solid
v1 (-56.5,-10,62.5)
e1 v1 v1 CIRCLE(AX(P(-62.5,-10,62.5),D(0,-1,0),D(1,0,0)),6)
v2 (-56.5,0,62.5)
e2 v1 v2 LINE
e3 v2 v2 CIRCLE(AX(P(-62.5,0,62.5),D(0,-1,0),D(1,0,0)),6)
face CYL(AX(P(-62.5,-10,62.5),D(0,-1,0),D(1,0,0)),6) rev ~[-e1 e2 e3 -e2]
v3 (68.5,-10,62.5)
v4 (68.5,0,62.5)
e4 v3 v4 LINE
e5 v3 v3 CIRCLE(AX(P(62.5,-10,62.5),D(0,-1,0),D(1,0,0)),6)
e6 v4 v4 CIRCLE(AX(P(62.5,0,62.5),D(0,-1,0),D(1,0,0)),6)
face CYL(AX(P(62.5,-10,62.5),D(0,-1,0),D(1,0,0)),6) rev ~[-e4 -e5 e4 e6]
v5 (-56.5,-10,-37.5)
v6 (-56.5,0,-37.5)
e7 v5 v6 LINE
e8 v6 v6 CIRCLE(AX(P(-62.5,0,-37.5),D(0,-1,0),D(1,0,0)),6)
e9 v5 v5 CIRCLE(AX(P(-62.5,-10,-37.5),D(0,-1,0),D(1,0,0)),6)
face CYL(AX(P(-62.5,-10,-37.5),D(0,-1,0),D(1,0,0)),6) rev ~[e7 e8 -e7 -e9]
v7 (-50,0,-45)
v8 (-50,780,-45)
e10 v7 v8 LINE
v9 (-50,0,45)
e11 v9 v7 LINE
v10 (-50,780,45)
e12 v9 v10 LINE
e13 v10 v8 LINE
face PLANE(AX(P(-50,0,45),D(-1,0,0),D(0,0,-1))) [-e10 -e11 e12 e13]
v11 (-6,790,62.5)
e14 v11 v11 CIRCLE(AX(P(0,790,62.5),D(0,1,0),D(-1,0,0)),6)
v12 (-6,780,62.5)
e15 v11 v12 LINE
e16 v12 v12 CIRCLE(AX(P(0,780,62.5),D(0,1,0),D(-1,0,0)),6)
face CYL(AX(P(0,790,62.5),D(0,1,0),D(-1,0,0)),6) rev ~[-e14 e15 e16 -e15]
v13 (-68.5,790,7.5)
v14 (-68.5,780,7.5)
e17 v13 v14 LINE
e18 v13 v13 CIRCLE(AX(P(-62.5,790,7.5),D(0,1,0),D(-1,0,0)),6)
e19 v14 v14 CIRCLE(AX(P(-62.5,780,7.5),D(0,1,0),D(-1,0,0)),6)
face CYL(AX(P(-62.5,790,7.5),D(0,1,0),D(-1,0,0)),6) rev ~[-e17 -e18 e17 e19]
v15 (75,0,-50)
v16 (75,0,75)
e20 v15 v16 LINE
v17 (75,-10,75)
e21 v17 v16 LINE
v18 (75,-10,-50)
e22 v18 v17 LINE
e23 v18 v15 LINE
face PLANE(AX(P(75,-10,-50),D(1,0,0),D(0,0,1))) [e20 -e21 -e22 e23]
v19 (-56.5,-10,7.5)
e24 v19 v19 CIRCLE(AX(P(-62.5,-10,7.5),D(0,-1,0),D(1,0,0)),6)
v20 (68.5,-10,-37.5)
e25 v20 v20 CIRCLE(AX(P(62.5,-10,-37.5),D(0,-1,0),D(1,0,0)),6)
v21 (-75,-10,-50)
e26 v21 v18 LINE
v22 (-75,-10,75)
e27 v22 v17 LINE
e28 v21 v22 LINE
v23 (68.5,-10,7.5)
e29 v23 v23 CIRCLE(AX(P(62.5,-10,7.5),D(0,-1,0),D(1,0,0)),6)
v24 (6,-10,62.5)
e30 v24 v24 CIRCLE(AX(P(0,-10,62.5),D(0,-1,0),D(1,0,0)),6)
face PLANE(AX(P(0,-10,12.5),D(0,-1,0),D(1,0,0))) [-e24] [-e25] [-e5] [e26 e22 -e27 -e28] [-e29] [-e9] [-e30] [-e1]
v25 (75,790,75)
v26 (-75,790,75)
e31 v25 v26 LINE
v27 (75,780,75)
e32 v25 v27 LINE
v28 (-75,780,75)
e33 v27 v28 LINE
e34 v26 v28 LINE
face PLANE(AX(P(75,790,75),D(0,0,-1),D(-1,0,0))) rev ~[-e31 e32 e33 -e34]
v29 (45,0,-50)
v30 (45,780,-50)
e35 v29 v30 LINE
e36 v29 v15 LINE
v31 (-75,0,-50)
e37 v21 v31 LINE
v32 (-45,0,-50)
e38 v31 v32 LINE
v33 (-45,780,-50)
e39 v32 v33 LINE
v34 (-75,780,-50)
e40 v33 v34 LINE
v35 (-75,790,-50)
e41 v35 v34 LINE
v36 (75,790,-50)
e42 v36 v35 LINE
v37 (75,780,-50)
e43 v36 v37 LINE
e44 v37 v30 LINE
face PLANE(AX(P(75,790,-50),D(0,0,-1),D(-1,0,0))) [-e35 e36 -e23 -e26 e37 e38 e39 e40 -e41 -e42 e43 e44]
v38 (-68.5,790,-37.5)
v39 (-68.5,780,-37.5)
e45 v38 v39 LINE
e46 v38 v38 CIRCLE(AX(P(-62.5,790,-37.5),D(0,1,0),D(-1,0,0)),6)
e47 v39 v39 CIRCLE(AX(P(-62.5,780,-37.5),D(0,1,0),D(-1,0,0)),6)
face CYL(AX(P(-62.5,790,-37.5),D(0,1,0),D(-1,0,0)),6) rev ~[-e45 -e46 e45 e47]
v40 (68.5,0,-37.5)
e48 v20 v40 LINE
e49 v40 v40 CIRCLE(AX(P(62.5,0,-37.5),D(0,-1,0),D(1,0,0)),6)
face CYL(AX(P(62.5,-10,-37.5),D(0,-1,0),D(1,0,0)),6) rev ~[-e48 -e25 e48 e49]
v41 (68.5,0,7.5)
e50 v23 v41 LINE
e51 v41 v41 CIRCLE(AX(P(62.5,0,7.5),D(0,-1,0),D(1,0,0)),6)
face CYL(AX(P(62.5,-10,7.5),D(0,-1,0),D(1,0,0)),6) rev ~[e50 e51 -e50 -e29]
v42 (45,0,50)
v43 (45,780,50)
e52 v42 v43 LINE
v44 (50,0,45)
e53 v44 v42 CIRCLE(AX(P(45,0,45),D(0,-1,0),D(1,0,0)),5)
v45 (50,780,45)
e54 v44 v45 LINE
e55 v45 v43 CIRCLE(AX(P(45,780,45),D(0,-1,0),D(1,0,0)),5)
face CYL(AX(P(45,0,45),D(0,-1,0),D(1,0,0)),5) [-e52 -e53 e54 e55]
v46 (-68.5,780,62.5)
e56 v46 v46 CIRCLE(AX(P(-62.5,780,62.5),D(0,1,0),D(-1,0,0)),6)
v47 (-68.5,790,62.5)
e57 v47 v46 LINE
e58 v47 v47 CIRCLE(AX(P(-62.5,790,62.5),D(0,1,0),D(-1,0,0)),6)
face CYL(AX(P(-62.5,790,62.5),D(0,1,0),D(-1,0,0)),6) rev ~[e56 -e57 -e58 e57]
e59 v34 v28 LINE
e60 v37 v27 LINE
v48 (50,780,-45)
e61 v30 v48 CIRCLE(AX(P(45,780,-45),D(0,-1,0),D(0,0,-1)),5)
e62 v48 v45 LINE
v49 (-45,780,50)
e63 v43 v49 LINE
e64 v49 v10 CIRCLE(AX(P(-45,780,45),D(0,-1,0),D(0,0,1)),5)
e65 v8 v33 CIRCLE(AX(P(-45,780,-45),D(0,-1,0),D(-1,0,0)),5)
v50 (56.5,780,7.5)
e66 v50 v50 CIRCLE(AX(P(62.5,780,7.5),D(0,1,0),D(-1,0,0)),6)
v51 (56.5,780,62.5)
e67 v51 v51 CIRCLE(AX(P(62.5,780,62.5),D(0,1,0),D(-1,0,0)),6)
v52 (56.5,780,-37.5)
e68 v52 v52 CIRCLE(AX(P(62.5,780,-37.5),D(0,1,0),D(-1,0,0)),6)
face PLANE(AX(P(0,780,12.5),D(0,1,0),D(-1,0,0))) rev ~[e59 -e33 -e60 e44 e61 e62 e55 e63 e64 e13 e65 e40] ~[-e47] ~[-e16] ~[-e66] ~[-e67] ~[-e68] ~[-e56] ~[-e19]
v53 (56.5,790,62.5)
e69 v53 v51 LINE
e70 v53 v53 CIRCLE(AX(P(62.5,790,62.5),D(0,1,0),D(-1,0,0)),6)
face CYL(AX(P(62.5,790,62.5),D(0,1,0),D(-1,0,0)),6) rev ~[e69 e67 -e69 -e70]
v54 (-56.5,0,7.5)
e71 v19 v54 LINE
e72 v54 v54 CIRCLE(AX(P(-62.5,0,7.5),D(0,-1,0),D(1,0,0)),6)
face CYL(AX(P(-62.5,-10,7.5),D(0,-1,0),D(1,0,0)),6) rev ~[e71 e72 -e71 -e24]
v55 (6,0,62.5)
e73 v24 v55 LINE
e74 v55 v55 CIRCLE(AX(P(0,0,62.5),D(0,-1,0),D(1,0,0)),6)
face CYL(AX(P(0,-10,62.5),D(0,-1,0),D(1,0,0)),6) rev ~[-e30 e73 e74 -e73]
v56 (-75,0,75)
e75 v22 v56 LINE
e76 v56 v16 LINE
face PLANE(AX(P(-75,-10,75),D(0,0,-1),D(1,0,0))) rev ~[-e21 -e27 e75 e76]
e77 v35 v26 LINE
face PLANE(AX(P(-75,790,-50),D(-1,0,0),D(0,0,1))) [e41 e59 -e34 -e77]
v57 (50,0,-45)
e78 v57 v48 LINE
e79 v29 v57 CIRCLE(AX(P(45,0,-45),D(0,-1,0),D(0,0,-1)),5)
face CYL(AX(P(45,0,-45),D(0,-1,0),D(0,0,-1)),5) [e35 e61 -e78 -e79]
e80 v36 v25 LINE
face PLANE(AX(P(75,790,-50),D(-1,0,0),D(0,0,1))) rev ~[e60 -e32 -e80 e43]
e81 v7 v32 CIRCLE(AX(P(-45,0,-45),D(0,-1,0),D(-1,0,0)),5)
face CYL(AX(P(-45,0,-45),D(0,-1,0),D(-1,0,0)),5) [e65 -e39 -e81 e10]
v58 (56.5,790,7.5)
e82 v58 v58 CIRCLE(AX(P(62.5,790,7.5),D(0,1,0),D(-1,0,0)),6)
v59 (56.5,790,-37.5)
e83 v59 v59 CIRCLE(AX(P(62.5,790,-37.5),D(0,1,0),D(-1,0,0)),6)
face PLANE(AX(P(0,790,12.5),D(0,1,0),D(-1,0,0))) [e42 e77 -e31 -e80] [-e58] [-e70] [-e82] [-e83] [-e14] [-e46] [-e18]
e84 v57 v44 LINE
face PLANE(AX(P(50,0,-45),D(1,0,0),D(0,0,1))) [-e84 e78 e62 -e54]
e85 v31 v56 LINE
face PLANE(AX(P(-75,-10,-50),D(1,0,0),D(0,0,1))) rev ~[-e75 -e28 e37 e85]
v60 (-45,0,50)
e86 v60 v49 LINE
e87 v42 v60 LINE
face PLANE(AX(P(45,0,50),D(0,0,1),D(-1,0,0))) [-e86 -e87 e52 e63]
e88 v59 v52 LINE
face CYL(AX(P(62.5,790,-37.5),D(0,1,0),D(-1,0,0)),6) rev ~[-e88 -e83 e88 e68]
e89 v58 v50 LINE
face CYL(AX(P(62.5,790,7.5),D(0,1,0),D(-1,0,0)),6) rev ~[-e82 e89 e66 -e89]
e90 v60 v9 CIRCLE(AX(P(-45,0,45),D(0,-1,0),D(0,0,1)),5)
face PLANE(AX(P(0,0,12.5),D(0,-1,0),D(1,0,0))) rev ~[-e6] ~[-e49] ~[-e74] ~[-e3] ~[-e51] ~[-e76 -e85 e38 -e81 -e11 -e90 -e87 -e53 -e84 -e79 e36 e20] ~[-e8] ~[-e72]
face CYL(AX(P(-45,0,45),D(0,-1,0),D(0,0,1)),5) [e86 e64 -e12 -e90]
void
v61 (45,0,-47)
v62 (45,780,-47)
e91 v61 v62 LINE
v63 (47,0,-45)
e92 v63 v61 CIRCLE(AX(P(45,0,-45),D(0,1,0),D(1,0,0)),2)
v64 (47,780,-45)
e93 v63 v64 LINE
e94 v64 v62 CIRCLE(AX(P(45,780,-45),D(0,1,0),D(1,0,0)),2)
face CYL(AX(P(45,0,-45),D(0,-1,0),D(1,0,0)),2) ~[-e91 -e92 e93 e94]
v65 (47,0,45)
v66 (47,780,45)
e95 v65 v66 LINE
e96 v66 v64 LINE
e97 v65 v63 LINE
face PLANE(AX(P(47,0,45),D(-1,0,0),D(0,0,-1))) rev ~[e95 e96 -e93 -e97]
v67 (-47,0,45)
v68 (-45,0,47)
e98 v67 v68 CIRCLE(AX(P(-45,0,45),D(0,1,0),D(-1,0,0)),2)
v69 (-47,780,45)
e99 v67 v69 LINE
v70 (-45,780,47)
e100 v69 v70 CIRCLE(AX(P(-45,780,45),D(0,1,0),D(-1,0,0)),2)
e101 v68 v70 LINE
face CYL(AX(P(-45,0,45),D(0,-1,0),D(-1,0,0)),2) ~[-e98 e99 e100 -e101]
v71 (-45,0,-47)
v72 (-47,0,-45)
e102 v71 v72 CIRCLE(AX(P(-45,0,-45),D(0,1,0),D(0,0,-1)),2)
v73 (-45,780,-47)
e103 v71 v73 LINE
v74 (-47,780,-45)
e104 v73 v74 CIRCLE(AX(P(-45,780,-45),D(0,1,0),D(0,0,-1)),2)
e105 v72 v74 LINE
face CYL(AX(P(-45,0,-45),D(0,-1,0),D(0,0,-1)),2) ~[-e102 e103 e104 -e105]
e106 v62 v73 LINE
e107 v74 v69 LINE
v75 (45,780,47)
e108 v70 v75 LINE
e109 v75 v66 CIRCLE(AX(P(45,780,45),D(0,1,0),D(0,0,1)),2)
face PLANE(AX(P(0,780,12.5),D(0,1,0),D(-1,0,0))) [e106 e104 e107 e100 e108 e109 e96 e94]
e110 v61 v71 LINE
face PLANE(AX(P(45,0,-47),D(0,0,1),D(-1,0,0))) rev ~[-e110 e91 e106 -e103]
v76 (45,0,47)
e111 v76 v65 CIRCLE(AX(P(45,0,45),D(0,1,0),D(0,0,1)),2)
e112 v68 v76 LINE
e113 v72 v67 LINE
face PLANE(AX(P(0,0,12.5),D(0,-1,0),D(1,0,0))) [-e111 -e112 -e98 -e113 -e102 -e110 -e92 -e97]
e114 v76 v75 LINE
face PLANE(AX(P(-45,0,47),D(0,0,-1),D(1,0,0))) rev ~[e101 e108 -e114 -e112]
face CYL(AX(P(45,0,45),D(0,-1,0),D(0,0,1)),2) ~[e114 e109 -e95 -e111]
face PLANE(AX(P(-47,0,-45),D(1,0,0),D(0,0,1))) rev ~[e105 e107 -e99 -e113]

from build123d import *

# Parameters (mm, degrees)
F1_DEPTH = 780
F3_W     = 150
F3_H     = 125
F3_R     = 6
F4_DEPTH = 10
F7_W     = 150
F7_H     = 125
F7_R     = 6
F8_DEPTH = 10


with BuildPart() as f1:
    # F0 (on Front) → F1 (new body)
    with BuildSketch(Plane.XZ):
        with BuildLine():
            ThreePointArc((50, 45), (48.5355339059, 48.5355339059), (45, 50))
            Line((45, 50), (-45, 50))
            ThreePointArc((-45, 50), (-48.5355339059, 48.5355339059), (-50, 45))
            Line((-50, 45), (-50, -45))
            ThreePointArc((-50, -45), (-48.5355339059, -48.5355339059), (-45, -50))
            Line((-45, -50), (45, -50))
            ThreePointArc((45, -50), (48.5355339059, -48.5355339059), (50, -45))
            Line((50, -45), (50, 45))
        make_face()
        with BuildLine():
            ThreePointArc((-47, 45), (-46.4142135624, 46.4142135624), (-45, 47))
            Line((-45, 47), (45, 47))
            ThreePointArc((45, 47), (46.4142135624, 46.4142135624), (47, 45))
            Line((47, 45), (47, -45))
            ThreePointArc((47, -45), (46.4142135624, -46.4142135624), (45, -47))
            Line((45, -47), (-45, -47))
            ThreePointArc((-45, -47), (-46.4142135624, -46.4142135624), (-47, -45))
            Line((-47, -45), (-47, 45))
        make_face(mode=Mode.SUBTRACT)
    extrude(amount=-F1_DEPTH)


with BuildPart() as f4:
    # F3 (on offset) → F4 (new body)
    with BuildSketch(Plane.XZ.offset(10)):
        with Locations((0, 12.5)):
            Rectangle(F3_W, F3_H)
        with Locations((-62.5, -37.5)):
            Circle(F3_R, mode=Mode.SUBTRACT)
        with Locations((-62.5, 7.5)):
            Circle(F3_R, mode=Mode.SUBTRACT)
        with Locations((62.5, -37.5)):
            Circle(F3_R, mode=Mode.SUBTRACT)
        with Locations((62.5, 7.5)):
            Circle(F3_R, mode=Mode.SUBTRACT)
        with Locations((-62.5, 62.5)):
            Circle(F3_R, mode=Mode.SUBTRACT)
        with Locations((0, 62.5)):
            Circle(F3_R, mode=Mode.SUBTRACT)
        with Locations((62.5, 62.5)):
            Circle(F3_R, mode=Mode.SUBTRACT)
    extrude(amount=-F4_DEPTH)


with BuildPart() as f1_1:
    add(f1.part)

    # F5: union F4
    add(f4.part)

    # F7 (on offset) → F8 (join)
    with BuildSketch(Plane(origin=(0, 790, 0), x_dir=(-1, 0, 0), z_dir=(0, 1, 0))):
        with Locations((0, 12.5)):
            Rectangle(F7_W, F7_H)
        with Locations((-62.5, -37.5)):
            Circle(F7_R, mode=Mode.SUBTRACT)
        with Locations((-62.5, 7.5)):
            Circle(F7_R, mode=Mode.SUBTRACT)
        with Locations((62.5, -37.5)):
            Circle(F7_R, mode=Mode.SUBTRACT)
        with Locations((62.5, 7.5)):
            Circle(F7_R, mode=Mode.SUBTRACT)
        with Locations((-62.5, 62.5)):
            Circle(F7_R, mode=Mode.SUBTRACT)
        with Locations((0, 62.5)):
            Circle(F7_R, mode=Mode.SUBTRACT)
        with Locations((62.5, 62.5)):
            Circle(F7_R, mode=Mode.SUBTRACT)
    extrude(amount=-F8_DEPTH)


solid = f1_1.part
